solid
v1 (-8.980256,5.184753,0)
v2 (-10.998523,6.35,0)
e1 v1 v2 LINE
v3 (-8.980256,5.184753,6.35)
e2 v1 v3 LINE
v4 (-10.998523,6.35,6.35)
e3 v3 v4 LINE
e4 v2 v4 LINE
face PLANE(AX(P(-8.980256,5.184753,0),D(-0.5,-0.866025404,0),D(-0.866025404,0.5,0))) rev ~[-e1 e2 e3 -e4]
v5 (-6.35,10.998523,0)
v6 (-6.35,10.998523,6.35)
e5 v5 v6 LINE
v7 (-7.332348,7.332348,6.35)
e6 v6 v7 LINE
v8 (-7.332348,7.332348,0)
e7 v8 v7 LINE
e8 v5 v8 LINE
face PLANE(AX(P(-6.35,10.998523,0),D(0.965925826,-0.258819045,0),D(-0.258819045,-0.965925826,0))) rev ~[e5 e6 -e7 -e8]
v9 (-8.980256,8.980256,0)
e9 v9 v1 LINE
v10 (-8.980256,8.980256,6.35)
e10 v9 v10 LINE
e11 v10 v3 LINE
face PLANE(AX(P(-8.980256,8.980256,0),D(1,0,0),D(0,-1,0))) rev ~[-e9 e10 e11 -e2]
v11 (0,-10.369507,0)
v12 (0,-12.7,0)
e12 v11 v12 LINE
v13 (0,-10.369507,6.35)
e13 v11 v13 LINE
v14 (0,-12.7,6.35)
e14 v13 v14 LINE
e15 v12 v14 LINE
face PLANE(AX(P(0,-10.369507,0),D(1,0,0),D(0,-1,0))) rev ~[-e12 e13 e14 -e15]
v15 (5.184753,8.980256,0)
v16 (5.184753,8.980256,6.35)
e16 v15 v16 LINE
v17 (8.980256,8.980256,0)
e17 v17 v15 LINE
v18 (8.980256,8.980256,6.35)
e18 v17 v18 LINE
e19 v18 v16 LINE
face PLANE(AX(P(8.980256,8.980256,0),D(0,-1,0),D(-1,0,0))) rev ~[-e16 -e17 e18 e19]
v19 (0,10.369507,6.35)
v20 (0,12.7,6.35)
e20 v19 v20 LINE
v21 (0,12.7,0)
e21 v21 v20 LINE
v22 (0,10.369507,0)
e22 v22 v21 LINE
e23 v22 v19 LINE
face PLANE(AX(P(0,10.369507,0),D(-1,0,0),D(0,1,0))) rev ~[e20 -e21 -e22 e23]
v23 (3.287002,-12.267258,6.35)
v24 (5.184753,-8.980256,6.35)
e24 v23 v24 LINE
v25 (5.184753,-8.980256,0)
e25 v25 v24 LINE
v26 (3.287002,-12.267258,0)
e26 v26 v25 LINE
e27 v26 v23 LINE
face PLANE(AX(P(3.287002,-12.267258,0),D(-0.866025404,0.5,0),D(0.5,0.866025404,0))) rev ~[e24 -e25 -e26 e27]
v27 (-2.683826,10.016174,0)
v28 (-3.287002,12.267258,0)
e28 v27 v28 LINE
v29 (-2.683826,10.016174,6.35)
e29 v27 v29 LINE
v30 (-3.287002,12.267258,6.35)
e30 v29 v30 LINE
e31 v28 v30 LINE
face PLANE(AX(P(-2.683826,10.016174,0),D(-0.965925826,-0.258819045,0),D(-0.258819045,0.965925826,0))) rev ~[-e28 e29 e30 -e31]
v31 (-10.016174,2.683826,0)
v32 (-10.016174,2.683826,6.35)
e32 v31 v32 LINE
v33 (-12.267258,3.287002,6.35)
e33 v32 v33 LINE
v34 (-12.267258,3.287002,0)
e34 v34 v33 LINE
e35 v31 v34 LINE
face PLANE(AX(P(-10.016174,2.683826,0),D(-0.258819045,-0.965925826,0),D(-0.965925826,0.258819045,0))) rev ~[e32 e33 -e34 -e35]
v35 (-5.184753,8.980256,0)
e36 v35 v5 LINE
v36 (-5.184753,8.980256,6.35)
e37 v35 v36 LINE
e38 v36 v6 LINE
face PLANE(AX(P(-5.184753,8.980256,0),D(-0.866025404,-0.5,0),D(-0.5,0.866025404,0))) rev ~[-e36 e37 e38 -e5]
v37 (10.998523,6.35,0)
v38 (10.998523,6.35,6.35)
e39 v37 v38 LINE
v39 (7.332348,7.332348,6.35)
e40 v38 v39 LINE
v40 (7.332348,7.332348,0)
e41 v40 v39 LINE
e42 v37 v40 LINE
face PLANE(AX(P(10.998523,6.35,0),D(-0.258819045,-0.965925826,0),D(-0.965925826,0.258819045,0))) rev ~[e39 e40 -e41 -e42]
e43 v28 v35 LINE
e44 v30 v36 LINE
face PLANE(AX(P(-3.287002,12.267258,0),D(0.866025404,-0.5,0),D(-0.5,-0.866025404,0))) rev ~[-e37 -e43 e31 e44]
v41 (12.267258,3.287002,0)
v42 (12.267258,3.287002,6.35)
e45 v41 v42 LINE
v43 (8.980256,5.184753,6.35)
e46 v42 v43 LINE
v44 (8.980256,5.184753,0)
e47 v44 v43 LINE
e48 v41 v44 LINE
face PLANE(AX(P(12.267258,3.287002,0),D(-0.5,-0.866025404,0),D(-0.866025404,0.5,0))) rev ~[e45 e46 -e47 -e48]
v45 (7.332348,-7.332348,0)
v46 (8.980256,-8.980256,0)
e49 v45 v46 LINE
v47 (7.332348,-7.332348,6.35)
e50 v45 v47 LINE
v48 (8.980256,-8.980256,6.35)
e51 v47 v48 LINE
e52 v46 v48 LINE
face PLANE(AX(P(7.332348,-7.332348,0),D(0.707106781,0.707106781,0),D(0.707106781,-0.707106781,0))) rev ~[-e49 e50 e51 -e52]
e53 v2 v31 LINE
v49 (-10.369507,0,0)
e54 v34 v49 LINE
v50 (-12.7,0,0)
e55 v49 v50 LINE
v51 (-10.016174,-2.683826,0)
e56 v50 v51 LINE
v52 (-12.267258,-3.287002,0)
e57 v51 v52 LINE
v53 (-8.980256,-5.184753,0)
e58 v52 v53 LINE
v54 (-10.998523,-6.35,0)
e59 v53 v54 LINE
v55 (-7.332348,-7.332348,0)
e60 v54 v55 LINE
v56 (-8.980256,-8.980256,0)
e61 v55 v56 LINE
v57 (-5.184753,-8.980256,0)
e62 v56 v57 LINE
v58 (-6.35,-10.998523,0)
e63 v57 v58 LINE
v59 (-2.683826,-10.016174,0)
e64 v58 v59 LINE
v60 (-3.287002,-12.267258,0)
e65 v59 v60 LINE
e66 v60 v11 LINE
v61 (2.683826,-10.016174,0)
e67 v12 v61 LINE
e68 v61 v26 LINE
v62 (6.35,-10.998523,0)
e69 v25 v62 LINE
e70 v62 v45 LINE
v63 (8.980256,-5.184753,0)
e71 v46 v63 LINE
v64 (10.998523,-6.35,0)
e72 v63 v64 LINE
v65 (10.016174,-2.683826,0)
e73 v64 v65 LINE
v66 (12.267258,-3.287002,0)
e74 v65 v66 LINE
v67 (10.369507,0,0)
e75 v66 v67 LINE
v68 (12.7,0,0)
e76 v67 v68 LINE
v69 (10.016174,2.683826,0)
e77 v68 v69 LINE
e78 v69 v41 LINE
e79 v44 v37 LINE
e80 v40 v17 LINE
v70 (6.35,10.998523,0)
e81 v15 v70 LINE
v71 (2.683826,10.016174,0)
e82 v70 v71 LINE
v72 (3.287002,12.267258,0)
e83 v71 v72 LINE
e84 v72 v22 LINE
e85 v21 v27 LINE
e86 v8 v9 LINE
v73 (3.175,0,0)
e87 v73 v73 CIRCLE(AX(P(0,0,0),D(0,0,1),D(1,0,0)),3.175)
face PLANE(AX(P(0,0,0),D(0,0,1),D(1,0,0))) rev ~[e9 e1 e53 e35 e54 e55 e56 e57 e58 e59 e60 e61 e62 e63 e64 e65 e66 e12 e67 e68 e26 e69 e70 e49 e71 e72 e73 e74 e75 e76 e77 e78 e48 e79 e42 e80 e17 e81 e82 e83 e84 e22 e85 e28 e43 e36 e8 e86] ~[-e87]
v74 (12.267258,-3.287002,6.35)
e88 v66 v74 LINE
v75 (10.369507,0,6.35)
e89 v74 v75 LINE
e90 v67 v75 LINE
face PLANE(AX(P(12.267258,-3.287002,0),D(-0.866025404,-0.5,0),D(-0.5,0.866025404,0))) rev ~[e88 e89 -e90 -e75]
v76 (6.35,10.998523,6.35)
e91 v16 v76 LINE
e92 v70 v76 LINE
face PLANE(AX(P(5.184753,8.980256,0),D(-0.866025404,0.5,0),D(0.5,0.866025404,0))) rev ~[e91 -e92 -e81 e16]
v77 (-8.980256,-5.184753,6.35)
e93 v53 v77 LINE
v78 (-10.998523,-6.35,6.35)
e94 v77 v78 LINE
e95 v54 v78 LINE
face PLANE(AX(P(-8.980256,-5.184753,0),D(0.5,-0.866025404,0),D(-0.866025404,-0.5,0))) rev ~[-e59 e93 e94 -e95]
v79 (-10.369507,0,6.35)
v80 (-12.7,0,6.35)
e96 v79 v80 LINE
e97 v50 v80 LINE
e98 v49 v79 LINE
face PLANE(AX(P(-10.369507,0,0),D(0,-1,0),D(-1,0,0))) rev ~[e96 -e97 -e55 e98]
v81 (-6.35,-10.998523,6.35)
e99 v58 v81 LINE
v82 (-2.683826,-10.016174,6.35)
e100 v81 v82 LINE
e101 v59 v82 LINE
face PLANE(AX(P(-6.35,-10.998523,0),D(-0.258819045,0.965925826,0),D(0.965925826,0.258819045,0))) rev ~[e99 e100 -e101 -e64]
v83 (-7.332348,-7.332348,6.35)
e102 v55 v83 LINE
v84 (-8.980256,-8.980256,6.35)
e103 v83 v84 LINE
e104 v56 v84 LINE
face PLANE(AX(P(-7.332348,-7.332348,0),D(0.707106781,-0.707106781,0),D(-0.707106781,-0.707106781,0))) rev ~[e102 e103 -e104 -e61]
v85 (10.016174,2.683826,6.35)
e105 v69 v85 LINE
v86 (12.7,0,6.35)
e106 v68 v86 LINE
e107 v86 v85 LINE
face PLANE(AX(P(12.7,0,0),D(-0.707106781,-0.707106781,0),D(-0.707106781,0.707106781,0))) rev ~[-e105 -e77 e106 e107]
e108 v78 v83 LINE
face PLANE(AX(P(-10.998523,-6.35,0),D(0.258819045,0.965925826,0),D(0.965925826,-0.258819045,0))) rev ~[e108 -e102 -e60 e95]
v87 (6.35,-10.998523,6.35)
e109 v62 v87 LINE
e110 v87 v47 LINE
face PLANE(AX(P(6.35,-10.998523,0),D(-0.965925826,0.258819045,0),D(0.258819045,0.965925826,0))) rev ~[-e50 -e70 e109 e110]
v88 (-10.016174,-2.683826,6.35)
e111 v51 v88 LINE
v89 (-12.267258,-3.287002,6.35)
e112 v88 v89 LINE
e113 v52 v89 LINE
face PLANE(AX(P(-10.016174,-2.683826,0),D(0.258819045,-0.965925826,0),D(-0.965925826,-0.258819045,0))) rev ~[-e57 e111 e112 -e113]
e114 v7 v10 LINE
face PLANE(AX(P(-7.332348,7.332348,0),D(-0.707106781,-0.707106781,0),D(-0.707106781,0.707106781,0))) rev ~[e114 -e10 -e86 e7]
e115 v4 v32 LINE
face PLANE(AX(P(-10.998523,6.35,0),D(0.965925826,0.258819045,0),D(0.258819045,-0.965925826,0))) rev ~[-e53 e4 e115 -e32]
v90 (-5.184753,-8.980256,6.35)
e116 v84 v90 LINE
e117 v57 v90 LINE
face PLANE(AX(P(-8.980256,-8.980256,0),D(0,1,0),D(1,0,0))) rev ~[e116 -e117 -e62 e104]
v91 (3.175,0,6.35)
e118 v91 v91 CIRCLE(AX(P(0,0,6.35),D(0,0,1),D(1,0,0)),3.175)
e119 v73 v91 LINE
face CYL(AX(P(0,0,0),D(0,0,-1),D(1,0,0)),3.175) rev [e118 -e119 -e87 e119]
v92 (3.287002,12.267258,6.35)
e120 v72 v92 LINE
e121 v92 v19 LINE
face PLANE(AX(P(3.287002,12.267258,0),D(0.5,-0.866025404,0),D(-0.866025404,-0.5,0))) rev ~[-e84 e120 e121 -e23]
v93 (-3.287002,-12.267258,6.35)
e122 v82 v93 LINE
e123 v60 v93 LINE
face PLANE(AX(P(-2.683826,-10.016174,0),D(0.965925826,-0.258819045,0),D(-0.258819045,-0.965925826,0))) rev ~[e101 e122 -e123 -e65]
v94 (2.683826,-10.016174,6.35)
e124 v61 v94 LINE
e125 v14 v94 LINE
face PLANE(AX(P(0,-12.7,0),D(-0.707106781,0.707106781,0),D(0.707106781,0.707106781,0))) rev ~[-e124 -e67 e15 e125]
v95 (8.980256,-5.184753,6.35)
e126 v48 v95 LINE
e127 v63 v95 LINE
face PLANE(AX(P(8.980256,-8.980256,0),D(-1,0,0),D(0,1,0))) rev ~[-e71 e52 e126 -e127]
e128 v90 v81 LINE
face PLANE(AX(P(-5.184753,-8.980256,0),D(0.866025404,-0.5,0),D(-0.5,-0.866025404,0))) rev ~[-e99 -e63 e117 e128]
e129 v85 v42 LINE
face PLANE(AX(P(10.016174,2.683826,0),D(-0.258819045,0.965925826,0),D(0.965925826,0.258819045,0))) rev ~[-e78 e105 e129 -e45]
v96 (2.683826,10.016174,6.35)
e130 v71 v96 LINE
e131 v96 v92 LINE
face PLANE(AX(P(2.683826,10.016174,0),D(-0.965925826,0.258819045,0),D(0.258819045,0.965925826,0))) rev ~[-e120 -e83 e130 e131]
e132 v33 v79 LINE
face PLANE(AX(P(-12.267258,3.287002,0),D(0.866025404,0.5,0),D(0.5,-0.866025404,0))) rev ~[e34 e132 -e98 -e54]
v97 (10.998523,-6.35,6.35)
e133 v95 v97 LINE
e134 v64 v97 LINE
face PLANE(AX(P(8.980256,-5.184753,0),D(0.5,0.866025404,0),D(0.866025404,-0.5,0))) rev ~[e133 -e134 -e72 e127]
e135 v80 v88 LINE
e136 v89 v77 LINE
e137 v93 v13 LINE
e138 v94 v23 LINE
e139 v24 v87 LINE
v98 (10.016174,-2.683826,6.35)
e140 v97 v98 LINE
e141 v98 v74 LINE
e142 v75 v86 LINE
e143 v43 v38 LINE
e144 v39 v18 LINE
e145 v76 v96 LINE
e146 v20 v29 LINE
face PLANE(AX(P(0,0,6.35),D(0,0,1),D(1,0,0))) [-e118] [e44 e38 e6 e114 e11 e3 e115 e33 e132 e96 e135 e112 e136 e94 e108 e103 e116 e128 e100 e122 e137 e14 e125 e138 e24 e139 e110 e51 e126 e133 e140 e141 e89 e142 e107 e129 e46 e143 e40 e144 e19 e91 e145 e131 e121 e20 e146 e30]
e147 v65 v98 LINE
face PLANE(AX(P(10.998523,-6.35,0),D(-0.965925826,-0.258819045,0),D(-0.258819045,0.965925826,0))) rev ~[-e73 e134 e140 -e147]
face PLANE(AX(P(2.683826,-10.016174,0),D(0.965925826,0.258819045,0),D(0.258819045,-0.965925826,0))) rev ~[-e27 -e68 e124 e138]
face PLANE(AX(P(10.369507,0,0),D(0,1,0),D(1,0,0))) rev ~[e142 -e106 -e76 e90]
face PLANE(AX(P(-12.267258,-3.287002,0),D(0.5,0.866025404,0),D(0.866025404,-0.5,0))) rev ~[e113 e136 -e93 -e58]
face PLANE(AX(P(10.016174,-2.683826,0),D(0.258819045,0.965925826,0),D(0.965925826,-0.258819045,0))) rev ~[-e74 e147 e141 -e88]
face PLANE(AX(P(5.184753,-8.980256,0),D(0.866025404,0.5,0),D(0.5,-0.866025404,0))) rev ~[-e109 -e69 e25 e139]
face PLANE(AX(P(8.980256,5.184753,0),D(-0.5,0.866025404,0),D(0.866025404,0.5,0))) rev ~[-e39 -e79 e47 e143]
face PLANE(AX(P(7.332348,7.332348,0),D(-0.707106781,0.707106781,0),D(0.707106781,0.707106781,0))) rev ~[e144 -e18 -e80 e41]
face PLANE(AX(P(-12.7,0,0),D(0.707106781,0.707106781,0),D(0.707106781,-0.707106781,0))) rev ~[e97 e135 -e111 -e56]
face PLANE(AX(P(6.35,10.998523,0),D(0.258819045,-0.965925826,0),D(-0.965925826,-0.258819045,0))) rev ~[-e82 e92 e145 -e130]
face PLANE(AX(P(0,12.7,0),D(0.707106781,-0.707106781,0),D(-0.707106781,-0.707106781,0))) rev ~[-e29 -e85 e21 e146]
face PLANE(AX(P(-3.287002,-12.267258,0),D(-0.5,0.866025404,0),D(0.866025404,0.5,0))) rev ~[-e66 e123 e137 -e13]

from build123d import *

# Parameters (mm, degrees)
SKETCH1_R           = 3.175
BOSS_EXTRUDE1_DEPTH = 6.35


with BuildPart() as part:
    # Sketch1 → Boss-Extrude1 (new body)
    with BuildSketch(Plane.XY):
        Polygon((0, 12.7), (-2.683825791, 10.016174209), (-3.287001873, 12.267257994), (-5.184753289, 8.980256121), (-6.35, 10.998522628), (-7.332348419, 7.332348419), (-8.980256121, 8.980256121), (-8.980256121, 5.184753289), (-10.998522628, 6.35), (-10.016174209, 2.683825791), (-12.267257994, 3.287001873), (-10.369506578, 0), (-12.7, 0), (-10.016174209, -2.683825791), (-12.267257994, -3.287001873), (-8.980256121, -5.184753289), (-10.998522628, -6.35), (-7.332348419, -7.332348419), (-8.980256121, -8.980256121), (-5.184753289, -8.980256121), (-6.35, -10.998522628), (-2.683825791, -10.016174209), (-3.287001873, -12.267257994), (0, -10.369506578), (0, -12.7), (2.683825791, -10.016174209), (3.287001873, -12.267257994), (5.184753289, -8.980256121), (6.35, -10.998522628), (7.332348419, -7.332348419), (8.980256121, -8.980256121), (8.980256121, -5.184753289), (10.998522628, -6.35), (10.016174209, -2.683825791), (12.267257994, -3.287001873), (10.369506578, 0), (12.7, 0), (10.016174209, 2.683825791), (12.267257994, 3.287001873), (8.980256121, 5.184753289), (10.998522628, 6.35), (7.332348419, 7.332348419), (8.980256121, 8.980256121), (5.184753289, 8.980256121), (6.35, 10.998522628), (2.683825791, 10.016174209), (3.287001873, 12.267257994), (0, 10.369506578), align=None)
        Circle(SKETCH1_R, mode=Mode.SUBTRACT)
    extrude(amount=BOSS_EXTRUDE1_DEPTH)


solid = part.part
